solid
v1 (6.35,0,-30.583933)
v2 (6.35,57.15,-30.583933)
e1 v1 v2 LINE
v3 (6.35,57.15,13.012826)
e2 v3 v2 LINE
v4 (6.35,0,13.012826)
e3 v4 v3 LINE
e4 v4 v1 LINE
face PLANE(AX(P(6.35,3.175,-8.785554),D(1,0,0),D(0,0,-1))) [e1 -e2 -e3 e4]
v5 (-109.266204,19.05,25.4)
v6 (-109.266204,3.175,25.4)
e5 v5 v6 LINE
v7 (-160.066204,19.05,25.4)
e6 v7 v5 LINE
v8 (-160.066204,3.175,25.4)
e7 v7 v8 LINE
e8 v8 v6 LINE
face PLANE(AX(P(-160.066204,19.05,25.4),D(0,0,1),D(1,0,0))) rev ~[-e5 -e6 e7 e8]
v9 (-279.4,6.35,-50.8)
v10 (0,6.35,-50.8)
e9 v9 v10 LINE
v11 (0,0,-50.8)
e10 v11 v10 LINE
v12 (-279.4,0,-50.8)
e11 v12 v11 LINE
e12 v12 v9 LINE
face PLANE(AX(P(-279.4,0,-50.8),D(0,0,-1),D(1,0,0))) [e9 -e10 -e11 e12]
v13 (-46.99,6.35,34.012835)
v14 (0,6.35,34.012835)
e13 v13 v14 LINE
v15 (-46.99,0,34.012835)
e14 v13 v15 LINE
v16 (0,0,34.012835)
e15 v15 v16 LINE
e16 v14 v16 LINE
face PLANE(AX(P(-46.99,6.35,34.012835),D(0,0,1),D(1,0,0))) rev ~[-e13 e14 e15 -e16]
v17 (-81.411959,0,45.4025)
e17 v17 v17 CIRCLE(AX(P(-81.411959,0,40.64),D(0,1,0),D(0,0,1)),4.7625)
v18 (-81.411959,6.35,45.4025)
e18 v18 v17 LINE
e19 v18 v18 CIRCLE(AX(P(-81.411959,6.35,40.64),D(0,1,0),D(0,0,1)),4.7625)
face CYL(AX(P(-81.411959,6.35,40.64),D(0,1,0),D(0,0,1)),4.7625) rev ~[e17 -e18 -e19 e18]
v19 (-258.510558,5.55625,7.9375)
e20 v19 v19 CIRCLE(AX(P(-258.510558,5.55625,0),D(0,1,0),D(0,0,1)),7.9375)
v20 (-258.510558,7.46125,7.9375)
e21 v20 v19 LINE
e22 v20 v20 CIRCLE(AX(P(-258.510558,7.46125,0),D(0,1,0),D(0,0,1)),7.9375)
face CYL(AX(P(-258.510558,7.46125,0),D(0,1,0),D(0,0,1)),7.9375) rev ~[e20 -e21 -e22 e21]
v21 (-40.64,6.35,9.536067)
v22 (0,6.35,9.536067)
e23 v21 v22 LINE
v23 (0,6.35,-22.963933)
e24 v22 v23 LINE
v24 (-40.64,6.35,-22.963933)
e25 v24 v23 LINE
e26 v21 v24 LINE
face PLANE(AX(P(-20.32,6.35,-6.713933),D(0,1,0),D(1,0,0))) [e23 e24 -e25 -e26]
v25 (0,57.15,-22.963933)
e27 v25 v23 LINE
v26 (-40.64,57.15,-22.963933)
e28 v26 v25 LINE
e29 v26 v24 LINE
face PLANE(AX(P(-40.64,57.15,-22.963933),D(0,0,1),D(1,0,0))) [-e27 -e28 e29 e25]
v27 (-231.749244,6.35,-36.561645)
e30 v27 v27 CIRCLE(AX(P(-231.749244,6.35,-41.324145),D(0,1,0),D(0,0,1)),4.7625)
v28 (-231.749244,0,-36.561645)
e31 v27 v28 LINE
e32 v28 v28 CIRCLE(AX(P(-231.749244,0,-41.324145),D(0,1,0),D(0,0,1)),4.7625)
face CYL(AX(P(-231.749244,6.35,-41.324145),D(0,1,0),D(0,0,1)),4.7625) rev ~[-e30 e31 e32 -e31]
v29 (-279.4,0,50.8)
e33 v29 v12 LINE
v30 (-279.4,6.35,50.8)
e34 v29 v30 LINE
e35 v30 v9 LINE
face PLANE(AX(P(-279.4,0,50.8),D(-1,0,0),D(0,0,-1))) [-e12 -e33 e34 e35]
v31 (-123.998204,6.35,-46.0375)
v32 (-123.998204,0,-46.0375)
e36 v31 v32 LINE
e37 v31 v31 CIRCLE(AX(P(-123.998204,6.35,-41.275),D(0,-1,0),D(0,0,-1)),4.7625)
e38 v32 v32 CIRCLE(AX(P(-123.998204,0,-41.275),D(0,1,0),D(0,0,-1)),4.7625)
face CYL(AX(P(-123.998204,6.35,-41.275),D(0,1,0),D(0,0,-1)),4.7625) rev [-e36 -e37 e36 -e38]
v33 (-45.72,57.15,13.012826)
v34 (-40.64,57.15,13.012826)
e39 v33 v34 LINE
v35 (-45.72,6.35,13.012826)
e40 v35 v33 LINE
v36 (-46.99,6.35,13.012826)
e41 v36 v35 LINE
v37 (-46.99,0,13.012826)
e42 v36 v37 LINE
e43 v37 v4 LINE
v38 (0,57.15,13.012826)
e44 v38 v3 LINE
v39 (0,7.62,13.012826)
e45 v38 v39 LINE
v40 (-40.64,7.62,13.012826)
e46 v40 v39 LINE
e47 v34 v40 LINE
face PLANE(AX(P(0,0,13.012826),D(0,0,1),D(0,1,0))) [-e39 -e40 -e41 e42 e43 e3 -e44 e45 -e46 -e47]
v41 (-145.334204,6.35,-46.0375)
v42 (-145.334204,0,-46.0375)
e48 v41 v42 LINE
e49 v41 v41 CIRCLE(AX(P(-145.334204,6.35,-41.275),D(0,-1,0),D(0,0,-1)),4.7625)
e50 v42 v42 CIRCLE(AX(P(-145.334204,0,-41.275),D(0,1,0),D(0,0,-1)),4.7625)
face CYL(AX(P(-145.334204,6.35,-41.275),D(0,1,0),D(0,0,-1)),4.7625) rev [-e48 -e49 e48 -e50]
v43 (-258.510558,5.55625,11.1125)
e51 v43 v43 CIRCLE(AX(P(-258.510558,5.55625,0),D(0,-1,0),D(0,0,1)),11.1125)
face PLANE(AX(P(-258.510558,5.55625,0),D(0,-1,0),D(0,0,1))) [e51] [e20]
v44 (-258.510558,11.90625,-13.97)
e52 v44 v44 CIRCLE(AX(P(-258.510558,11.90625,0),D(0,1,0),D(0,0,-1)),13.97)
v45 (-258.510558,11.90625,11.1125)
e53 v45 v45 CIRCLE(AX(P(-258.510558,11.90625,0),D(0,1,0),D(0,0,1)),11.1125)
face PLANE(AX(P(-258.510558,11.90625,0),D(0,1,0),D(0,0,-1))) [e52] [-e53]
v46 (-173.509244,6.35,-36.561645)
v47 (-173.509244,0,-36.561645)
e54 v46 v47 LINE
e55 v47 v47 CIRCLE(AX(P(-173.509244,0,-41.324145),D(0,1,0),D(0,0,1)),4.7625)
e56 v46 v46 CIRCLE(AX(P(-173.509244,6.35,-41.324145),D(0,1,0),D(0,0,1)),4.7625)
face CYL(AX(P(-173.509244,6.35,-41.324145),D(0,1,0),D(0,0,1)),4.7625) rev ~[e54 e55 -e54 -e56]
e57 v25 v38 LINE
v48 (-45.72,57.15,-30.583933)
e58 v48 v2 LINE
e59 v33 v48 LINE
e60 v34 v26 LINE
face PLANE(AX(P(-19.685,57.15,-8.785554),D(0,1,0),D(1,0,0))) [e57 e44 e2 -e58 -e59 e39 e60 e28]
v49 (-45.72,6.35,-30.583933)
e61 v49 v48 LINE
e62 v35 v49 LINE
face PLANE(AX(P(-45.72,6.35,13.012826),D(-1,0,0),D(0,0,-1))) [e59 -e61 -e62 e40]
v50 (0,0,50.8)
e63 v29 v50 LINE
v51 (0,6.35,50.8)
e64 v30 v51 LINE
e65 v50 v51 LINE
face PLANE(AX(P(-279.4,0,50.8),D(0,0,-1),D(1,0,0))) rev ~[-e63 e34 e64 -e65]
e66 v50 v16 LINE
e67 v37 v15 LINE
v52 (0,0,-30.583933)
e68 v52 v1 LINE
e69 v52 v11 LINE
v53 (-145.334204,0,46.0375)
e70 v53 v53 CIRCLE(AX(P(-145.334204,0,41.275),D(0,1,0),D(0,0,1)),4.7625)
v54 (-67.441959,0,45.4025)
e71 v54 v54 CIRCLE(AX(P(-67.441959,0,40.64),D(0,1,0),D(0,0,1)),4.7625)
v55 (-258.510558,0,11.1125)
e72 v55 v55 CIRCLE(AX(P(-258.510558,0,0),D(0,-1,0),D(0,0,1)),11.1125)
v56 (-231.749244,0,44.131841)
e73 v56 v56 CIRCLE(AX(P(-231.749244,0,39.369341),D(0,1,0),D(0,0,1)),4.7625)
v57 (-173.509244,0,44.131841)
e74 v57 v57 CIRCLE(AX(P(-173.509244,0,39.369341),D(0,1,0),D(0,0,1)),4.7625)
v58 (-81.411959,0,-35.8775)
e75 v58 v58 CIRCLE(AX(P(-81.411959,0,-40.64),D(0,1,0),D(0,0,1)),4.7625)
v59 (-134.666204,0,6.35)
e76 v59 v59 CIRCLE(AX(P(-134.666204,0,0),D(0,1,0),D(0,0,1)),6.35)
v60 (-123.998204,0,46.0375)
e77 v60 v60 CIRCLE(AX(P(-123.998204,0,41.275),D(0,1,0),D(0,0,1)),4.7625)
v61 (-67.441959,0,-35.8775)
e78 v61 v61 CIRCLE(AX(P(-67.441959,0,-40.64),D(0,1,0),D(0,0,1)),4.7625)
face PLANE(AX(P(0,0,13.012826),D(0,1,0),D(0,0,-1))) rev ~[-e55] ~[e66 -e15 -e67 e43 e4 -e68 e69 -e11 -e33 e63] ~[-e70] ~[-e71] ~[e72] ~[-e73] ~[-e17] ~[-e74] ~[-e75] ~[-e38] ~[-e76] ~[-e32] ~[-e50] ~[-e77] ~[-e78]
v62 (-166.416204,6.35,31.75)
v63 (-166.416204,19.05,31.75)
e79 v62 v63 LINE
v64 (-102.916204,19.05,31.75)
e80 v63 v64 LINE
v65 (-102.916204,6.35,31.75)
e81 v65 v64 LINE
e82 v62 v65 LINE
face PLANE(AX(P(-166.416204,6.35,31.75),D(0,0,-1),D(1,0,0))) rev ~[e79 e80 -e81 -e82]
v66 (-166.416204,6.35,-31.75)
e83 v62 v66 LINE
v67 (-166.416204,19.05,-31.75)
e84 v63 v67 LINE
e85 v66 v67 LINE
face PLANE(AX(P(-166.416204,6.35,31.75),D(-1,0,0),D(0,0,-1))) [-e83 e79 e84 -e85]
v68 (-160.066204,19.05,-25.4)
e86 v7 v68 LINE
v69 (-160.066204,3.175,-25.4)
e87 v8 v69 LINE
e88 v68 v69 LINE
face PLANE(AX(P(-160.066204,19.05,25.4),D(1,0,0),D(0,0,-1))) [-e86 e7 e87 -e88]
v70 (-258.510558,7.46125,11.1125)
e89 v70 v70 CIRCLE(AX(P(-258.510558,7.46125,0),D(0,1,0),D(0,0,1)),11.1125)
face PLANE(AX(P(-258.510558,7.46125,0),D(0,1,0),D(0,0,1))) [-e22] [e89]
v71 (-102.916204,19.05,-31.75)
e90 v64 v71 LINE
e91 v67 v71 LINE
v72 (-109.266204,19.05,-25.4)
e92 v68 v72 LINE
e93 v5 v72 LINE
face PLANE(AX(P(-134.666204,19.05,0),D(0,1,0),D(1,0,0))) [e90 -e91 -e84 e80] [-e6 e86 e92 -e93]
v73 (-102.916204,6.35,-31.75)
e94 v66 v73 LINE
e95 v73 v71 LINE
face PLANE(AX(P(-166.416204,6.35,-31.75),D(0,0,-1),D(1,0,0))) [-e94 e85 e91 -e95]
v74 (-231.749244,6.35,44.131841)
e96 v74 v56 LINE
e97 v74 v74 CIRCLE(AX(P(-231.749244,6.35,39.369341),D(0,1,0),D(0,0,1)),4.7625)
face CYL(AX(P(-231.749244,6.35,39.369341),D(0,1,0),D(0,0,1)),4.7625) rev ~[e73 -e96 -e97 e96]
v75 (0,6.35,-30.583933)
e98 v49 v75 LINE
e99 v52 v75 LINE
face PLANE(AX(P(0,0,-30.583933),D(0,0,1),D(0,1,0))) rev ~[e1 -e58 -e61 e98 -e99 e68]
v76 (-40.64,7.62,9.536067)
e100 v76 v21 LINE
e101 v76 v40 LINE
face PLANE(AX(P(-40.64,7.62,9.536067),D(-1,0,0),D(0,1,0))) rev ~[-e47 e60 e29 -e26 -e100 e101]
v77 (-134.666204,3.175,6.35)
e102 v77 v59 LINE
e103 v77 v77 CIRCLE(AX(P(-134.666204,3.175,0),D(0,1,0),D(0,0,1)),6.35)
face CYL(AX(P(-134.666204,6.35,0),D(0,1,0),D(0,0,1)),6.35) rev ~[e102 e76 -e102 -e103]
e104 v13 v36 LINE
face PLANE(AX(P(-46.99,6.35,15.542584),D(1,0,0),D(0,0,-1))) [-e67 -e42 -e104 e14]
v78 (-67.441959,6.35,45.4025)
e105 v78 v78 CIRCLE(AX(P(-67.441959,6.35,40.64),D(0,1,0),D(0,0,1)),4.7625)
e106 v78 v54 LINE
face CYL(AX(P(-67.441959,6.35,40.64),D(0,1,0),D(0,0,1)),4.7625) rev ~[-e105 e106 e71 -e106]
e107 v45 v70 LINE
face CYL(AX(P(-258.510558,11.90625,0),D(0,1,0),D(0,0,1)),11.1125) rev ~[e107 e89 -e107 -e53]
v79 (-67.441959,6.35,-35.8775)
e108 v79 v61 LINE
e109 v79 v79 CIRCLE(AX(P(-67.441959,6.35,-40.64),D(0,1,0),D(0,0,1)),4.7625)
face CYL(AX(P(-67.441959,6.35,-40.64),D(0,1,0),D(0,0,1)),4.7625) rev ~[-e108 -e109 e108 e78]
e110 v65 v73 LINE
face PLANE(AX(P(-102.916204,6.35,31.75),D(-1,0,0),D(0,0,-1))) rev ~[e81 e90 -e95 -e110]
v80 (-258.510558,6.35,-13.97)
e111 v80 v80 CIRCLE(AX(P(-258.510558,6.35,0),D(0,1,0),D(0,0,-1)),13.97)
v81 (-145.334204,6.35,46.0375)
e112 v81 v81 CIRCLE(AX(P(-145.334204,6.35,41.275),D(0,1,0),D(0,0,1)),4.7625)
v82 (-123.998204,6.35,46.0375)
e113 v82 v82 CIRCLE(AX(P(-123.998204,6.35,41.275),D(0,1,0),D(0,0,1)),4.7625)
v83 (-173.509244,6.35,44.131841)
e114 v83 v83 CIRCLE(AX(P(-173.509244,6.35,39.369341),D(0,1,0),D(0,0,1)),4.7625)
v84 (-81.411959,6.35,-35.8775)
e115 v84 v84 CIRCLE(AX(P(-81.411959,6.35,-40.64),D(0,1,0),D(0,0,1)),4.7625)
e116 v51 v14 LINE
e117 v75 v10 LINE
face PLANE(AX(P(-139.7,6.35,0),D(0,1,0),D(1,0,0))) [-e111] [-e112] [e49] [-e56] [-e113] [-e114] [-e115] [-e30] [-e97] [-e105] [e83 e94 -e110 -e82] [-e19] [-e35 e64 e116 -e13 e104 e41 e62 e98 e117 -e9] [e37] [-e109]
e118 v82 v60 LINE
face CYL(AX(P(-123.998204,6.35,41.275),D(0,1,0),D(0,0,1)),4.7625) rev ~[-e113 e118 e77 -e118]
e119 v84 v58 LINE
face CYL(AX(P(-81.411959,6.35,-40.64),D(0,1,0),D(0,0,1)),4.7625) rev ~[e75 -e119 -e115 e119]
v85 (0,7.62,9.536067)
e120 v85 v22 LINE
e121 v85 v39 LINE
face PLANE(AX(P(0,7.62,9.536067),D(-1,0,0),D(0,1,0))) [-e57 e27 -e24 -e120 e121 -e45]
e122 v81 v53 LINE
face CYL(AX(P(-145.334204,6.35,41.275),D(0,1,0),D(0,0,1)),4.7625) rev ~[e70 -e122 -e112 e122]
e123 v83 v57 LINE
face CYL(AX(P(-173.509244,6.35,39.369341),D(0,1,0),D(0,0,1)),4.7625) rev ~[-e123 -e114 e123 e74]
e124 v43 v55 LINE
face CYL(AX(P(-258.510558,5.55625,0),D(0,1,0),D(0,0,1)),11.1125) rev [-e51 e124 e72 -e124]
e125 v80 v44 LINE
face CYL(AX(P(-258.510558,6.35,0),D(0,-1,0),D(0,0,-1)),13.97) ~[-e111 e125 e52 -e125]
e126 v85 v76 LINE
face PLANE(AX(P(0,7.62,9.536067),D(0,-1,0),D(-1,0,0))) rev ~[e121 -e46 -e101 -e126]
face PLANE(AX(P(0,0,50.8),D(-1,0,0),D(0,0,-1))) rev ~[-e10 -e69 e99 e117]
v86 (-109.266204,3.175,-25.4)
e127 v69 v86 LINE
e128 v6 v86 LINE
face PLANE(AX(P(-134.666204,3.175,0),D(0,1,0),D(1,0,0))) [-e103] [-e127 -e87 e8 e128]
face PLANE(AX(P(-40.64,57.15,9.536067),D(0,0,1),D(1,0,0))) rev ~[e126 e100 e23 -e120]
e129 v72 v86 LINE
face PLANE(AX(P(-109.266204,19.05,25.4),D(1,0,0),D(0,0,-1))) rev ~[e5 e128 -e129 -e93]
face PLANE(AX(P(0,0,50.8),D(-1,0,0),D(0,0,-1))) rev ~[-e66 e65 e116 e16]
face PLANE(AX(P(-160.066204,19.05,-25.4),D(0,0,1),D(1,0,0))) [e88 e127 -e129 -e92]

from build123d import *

# Parameters (mm, degrees)
SKETCH1_W            = 279.4
SKETCH1_H            = 101.6
BOSS_EXTRUDE1_DEPTH  = 6.35
SKETCH2_R            = 13.97
BOSS_EXTRUDE3_DEPTH  = 5.55625
SKETCH9_R            = 11.1125
CUT_EXTRUDE4_DEPTH   = 4.445
CUT_EXTRUDE5_START   = -5.55625
SKETCH10_R           = 11.1125
CUT_EXTRUDE5_DEPTH   = 5.55625
SKETCH11_R           = 7.9375
CUT_EXTRUDE6_DEPTH   = 285.078633923
SKETCH12_R           = 6.35
CUT_EXTRUDE7_DEPTH   = 285.051619429
SKETCH22_W           = 63.5
SKETCH22_H           = 63.5
BOSS_EXTRUDE7_DEPTH  = 12.7
SKETCH25_W           = 50.8
SKETCH25_H           = 50.8
CUT_EXTRUDE11_DEPTH  = 15.875
SKETCH32_R           = 4.7625
CUT_EXTRUDE12_DEPTH  = 6.35
SKETCH38_W           = 46.99
SKETCH38_H           = 18.470251096
CUT_EXTRUDE13_DEPTH  = 6.35
SKETCH60_R           = 4.7625
CUT_EXTRUDE23_DEPTH  = 6.35
SKETCH64_R           = 4.7625
CUT_EXTRUDE24_DEPTH  = 285.264471927
SKETCH65_W           = 52.07
SKETCH65_H           = 43.596758628
BOSS_EXTRUDE8_DEPTH  = 50.8
SKETCH68_W           = 43.596758628
SKETCH68_H           = 6.35
BOSS_EXTRUDE10_DEPTH = 6.35
SKETCH66_W           = 40.64
SKETCH66_H           = 32.500000024
CUT_EXTRUDE28_DEPTH  = 50.8
SKETCH69_W           = 40.64
SKETCH69_H           = 49.53
CUT_EXTRUDE29_DEPTH  = 292.497724665
SKETCH70_W           = 46.99
SKETCH70_H           = 2.529758466
CUT_EXTRUDE30_DEPTH  = 289.488543967


with BuildPart() as part:
    # Sketch1 → Boss-Extrude1 (new body)
    with BuildSketch(Plane(origin=(0, 0, 0), x_dir=(1, 0, 0), z_dir=(0, 1, 0))):
        with Locations((-139.7, 0)):
            Rectangle(SKETCH1_W, SKETCH1_H)
    extrude(amount=BOSS_EXTRUDE1_DEPTH)

    # Sketch2 → Boss-Extrude3 (add)
    with BuildSketch(Plane(origin=(0, 6.35, 0), x_dir=(1, 0, 0), z_dir=(0, 1, 0))):
        with Locations(Location((-258.510557857, 0, 0), (0, 0, 90))):
            Circle(SKETCH2_R)
    extrude(amount=BOSS_EXTRUDE3_DEPTH)

    # Sketch9 → Cut-Extrude4 (cut)
    with BuildSketch(Plane(origin=(0, 11.90625, 0), x_dir=(1, 0, 0), z_dir=(0, 1, 0))):
        with Locations(Location((-258.510557857, 0, 0), (0, 0, 270))):
            Circle(SKETCH9_R)
    extrude(amount=-CUT_EXTRUDE4_DEPTH, mode=Mode.SUBTRACT)

    # Sketch10 → Cut-Extrude5 (cut)
    with BuildSketch(Plane(origin=(0, 0, 0), x_dir=(-1, 0, 0), z_dir=(0, -1, 0)).offset(CUT_EXTRUDE5_START)):
        with Locations(Location((258.510557857, 0, 0), (0, 0, 270))):
            Circle(SKETCH10_R)
    extrude(amount=CUT_EXTRUDE5_DEPTH, mode=Mode.SUBTRACT)

    # Sketch11 → Cut-Extrude6 (cut, through all)
    with BuildSketch(Plane(origin=(0, 7.46125, 0), x_dir=(1, 0, 0), z_dir=(0, 1, 0))):
        with Locations(Location((-258.510557857, 0, 0), (0, 0, 270))):
            Circle(SKETCH11_R)
    extrude(amount=-CUT_EXTRUDE6_DEPTH, mode=Mode.SUBTRACT)

    # Sketch12 → Cut-Extrude7 (cut, through all)
    with BuildSketch(Plane(origin=(0, 6.35, 0), x_dir=(1, 0, 0), z_dir=(0, 1, 0))):
        with Locations(Location((-134.666203771, 0, 0), (0, 0, 270))):
            Circle(SKETCH12_R)
    extrude(amount=-CUT_EXTRUDE7_DEPTH, mode=Mode.SUBTRACT)

    # Sketch22 → Boss-Extrude7 (add)
    with BuildSketch(Plane(origin=(0, 6.35, 0), x_dir=(1, 0, 0), z_dir=(0, 1, 0))):
        with Locations((-134.666203771, 0)):
            Rectangle(SKETCH22_W, SKETCH22_H)
    extrude(amount=BOSS_EXTRUDE7_DEPTH)

    # Sketch25 → Cut-Extrude11 (cut)
    with BuildSketch(Plane(origin=(0, 19.05, 0), x_dir=(1, 0, 0), z_dir=(0, 1, 0))):
        with Locations((-134.666203771, 0)):
            Rectangle(SKETCH25_W, SKETCH25_H)
    extrude(amount=-CUT_EXTRUDE11_DEPTH, mode=Mode.SUBTRACT)

    # Sketch32 → Cut-Extrude12 (cut)
    with BuildSketch(Plane(origin=(0, 6.35, 0), x_dir=(1, 0, 0), z_dir=(0, 1, 0))):
        with Locations(Location((-67.44195898, -40.64, 0), (0, 0, 270))):
            Circle(SKETCH32_R)
        with Locations(Location((-81.41195898, -40.64, 0), (0, 0, 270))):
            Circle(SKETCH32_R)
        with Locations(Location((-67.44195898, 40.64, 0), (0, 0, 270))):
            Circle(SKETCH32_R)
        with Locations(Location((-81.41195898, 40.64, 0), (0, 0, 270))):
            Circle(SKETCH32_R)
    extrude(amount=-CUT_EXTRUDE12_DEPTH, mode=Mode.SUBTRACT)

    # Sketch38 → Cut-Extrude13 (cut)
    with BuildSketch(Plane(origin=(0, 6.35, 0), x_dir=(1, 0, 0), z_dir=(0, 1, 0))):
        with Locations((-23.495, -24.777709652)):
            Rectangle(SKETCH38_W, SKETCH38_H)
    extrude(amount=-CUT_EXTRUDE13_DEPTH, mode=Mode.SUBTRACT)

    # Sketch60 → Cut-Extrude23 (cut)
    with BuildSketch(Plane(origin=(0, 6.35, 0), x_dir=(1, 0, 0), z_dir=(0, 1, 0))):
        with Locations(Location((-231.7492444, 41.324145444, 0), (0, 0, 270))):
            Circle(SKETCH60_R)
        with Locations(Location((-231.7492444, -39.369341378, 0), (0, 0, 270))):
            Circle(SKETCH60_R)
        with Locations(Location((-173.509244294, -39.369341378, 0), (0, 0, 270))):
            Circle(SKETCH60_R)
        with Locations(Location((-173.509244294, 41.324145444, 0), (0, 0, 270))):
            Circle(SKETCH60_R)
    extrude(amount=-CUT_EXTRUDE23_DEPTH, mode=Mode.SUBTRACT)

    # Sketch64 → Cut-Extrude24 (cut, through all)
    with BuildSketch(Plane(origin=(0, 6.35, 0), x_dir=(1, 0, 0), z_dir=(0, 1, 0))):
        with Locations(Location((-145.334203771, -41.275, 0), (0, 0, 270))):
            Circle(SKETCH64_R)
        with Locations(Location((-123.998203771, -41.275, 0), (0, 0, 270))):
            Circle(SKETCH64_R)
    cut_extrude24 = extrude(amount=-CUT_EXTRUDE24_DEPTH, mode=Mode.SUBTRACT)

    # Mirror1: Cut-Extrude24 across plane
    add(cut_extrude24.mirror(Plane.XY), mode=Mode.SUBTRACT)

    # Sketch65 → Boss-Extrude8 (add)
    with BuildSketch(Plane(origin=(0, 6.35, 0), x_dir=(1, 0, 0), z_dir=(0, 1, 0))):
        with Locations((-19.685, 8.785553676)):
            Rectangle(SKETCH65_W, SKETCH65_H)
    extrude(amount=BOSS_EXTRUDE8_DEPTH)

    # Sketch68 → Boss-Extrude10 (add)
    with BuildSketch(Plane(origin=(0, 0, 0), x_dir=(0, 0, -1), z_dir=(1, 0, 0))):
        with Locations((8.785553676, 3.175)):
            Rectangle(SKETCH68_W, SKETCH68_H)
    extrude(amount=BOSS_EXTRUDE10_DEPTH)

    # Sketch66 → Cut-Extrude28 (cut)
    with BuildSketch(Plane(origin=(0, 57.15, 0), x_dir=(1, 0, 0), z_dir=(0, 1, 0))):
        with Locations((-20.32, 6.713932978)):
            Rectangle(SKETCH66_W, SKETCH66_H)
    extrude(amount=-CUT_EXTRUDE28_DEPTH, mode=Mode.SUBTRACT)

    # Sketch69 → Cut-Extrude29 (cut, through all)
    with BuildSketch(Plane(origin=(0, 0, 9.536067034), x_dir=(-1, 0, 0), z_dir=(0, 0, -1))):
        with Locations((20.32, 32.385)):
            Rectangle(SKETCH69_W, SKETCH69_H)
    extrude(amount=-CUT_EXTRUDE29_DEPTH, mode=Mode.SUBTRACT)

    # Sketch70 → Cut-Extrude30 (cut, through all)
    with BuildSketch(Plane(origin=(0, 6.35, 0), x_dir=(1, 0, 0), z_dir=(0, 1, 0))):
        with Locations((-23.495, -14.277704871)):
            Rectangle(SKETCH70_W, SKETCH70_H)
    extrude(amount=-CUT_EXTRUDE30_DEPTH, mode=Mode.SUBTRACT)


solid = part.part
